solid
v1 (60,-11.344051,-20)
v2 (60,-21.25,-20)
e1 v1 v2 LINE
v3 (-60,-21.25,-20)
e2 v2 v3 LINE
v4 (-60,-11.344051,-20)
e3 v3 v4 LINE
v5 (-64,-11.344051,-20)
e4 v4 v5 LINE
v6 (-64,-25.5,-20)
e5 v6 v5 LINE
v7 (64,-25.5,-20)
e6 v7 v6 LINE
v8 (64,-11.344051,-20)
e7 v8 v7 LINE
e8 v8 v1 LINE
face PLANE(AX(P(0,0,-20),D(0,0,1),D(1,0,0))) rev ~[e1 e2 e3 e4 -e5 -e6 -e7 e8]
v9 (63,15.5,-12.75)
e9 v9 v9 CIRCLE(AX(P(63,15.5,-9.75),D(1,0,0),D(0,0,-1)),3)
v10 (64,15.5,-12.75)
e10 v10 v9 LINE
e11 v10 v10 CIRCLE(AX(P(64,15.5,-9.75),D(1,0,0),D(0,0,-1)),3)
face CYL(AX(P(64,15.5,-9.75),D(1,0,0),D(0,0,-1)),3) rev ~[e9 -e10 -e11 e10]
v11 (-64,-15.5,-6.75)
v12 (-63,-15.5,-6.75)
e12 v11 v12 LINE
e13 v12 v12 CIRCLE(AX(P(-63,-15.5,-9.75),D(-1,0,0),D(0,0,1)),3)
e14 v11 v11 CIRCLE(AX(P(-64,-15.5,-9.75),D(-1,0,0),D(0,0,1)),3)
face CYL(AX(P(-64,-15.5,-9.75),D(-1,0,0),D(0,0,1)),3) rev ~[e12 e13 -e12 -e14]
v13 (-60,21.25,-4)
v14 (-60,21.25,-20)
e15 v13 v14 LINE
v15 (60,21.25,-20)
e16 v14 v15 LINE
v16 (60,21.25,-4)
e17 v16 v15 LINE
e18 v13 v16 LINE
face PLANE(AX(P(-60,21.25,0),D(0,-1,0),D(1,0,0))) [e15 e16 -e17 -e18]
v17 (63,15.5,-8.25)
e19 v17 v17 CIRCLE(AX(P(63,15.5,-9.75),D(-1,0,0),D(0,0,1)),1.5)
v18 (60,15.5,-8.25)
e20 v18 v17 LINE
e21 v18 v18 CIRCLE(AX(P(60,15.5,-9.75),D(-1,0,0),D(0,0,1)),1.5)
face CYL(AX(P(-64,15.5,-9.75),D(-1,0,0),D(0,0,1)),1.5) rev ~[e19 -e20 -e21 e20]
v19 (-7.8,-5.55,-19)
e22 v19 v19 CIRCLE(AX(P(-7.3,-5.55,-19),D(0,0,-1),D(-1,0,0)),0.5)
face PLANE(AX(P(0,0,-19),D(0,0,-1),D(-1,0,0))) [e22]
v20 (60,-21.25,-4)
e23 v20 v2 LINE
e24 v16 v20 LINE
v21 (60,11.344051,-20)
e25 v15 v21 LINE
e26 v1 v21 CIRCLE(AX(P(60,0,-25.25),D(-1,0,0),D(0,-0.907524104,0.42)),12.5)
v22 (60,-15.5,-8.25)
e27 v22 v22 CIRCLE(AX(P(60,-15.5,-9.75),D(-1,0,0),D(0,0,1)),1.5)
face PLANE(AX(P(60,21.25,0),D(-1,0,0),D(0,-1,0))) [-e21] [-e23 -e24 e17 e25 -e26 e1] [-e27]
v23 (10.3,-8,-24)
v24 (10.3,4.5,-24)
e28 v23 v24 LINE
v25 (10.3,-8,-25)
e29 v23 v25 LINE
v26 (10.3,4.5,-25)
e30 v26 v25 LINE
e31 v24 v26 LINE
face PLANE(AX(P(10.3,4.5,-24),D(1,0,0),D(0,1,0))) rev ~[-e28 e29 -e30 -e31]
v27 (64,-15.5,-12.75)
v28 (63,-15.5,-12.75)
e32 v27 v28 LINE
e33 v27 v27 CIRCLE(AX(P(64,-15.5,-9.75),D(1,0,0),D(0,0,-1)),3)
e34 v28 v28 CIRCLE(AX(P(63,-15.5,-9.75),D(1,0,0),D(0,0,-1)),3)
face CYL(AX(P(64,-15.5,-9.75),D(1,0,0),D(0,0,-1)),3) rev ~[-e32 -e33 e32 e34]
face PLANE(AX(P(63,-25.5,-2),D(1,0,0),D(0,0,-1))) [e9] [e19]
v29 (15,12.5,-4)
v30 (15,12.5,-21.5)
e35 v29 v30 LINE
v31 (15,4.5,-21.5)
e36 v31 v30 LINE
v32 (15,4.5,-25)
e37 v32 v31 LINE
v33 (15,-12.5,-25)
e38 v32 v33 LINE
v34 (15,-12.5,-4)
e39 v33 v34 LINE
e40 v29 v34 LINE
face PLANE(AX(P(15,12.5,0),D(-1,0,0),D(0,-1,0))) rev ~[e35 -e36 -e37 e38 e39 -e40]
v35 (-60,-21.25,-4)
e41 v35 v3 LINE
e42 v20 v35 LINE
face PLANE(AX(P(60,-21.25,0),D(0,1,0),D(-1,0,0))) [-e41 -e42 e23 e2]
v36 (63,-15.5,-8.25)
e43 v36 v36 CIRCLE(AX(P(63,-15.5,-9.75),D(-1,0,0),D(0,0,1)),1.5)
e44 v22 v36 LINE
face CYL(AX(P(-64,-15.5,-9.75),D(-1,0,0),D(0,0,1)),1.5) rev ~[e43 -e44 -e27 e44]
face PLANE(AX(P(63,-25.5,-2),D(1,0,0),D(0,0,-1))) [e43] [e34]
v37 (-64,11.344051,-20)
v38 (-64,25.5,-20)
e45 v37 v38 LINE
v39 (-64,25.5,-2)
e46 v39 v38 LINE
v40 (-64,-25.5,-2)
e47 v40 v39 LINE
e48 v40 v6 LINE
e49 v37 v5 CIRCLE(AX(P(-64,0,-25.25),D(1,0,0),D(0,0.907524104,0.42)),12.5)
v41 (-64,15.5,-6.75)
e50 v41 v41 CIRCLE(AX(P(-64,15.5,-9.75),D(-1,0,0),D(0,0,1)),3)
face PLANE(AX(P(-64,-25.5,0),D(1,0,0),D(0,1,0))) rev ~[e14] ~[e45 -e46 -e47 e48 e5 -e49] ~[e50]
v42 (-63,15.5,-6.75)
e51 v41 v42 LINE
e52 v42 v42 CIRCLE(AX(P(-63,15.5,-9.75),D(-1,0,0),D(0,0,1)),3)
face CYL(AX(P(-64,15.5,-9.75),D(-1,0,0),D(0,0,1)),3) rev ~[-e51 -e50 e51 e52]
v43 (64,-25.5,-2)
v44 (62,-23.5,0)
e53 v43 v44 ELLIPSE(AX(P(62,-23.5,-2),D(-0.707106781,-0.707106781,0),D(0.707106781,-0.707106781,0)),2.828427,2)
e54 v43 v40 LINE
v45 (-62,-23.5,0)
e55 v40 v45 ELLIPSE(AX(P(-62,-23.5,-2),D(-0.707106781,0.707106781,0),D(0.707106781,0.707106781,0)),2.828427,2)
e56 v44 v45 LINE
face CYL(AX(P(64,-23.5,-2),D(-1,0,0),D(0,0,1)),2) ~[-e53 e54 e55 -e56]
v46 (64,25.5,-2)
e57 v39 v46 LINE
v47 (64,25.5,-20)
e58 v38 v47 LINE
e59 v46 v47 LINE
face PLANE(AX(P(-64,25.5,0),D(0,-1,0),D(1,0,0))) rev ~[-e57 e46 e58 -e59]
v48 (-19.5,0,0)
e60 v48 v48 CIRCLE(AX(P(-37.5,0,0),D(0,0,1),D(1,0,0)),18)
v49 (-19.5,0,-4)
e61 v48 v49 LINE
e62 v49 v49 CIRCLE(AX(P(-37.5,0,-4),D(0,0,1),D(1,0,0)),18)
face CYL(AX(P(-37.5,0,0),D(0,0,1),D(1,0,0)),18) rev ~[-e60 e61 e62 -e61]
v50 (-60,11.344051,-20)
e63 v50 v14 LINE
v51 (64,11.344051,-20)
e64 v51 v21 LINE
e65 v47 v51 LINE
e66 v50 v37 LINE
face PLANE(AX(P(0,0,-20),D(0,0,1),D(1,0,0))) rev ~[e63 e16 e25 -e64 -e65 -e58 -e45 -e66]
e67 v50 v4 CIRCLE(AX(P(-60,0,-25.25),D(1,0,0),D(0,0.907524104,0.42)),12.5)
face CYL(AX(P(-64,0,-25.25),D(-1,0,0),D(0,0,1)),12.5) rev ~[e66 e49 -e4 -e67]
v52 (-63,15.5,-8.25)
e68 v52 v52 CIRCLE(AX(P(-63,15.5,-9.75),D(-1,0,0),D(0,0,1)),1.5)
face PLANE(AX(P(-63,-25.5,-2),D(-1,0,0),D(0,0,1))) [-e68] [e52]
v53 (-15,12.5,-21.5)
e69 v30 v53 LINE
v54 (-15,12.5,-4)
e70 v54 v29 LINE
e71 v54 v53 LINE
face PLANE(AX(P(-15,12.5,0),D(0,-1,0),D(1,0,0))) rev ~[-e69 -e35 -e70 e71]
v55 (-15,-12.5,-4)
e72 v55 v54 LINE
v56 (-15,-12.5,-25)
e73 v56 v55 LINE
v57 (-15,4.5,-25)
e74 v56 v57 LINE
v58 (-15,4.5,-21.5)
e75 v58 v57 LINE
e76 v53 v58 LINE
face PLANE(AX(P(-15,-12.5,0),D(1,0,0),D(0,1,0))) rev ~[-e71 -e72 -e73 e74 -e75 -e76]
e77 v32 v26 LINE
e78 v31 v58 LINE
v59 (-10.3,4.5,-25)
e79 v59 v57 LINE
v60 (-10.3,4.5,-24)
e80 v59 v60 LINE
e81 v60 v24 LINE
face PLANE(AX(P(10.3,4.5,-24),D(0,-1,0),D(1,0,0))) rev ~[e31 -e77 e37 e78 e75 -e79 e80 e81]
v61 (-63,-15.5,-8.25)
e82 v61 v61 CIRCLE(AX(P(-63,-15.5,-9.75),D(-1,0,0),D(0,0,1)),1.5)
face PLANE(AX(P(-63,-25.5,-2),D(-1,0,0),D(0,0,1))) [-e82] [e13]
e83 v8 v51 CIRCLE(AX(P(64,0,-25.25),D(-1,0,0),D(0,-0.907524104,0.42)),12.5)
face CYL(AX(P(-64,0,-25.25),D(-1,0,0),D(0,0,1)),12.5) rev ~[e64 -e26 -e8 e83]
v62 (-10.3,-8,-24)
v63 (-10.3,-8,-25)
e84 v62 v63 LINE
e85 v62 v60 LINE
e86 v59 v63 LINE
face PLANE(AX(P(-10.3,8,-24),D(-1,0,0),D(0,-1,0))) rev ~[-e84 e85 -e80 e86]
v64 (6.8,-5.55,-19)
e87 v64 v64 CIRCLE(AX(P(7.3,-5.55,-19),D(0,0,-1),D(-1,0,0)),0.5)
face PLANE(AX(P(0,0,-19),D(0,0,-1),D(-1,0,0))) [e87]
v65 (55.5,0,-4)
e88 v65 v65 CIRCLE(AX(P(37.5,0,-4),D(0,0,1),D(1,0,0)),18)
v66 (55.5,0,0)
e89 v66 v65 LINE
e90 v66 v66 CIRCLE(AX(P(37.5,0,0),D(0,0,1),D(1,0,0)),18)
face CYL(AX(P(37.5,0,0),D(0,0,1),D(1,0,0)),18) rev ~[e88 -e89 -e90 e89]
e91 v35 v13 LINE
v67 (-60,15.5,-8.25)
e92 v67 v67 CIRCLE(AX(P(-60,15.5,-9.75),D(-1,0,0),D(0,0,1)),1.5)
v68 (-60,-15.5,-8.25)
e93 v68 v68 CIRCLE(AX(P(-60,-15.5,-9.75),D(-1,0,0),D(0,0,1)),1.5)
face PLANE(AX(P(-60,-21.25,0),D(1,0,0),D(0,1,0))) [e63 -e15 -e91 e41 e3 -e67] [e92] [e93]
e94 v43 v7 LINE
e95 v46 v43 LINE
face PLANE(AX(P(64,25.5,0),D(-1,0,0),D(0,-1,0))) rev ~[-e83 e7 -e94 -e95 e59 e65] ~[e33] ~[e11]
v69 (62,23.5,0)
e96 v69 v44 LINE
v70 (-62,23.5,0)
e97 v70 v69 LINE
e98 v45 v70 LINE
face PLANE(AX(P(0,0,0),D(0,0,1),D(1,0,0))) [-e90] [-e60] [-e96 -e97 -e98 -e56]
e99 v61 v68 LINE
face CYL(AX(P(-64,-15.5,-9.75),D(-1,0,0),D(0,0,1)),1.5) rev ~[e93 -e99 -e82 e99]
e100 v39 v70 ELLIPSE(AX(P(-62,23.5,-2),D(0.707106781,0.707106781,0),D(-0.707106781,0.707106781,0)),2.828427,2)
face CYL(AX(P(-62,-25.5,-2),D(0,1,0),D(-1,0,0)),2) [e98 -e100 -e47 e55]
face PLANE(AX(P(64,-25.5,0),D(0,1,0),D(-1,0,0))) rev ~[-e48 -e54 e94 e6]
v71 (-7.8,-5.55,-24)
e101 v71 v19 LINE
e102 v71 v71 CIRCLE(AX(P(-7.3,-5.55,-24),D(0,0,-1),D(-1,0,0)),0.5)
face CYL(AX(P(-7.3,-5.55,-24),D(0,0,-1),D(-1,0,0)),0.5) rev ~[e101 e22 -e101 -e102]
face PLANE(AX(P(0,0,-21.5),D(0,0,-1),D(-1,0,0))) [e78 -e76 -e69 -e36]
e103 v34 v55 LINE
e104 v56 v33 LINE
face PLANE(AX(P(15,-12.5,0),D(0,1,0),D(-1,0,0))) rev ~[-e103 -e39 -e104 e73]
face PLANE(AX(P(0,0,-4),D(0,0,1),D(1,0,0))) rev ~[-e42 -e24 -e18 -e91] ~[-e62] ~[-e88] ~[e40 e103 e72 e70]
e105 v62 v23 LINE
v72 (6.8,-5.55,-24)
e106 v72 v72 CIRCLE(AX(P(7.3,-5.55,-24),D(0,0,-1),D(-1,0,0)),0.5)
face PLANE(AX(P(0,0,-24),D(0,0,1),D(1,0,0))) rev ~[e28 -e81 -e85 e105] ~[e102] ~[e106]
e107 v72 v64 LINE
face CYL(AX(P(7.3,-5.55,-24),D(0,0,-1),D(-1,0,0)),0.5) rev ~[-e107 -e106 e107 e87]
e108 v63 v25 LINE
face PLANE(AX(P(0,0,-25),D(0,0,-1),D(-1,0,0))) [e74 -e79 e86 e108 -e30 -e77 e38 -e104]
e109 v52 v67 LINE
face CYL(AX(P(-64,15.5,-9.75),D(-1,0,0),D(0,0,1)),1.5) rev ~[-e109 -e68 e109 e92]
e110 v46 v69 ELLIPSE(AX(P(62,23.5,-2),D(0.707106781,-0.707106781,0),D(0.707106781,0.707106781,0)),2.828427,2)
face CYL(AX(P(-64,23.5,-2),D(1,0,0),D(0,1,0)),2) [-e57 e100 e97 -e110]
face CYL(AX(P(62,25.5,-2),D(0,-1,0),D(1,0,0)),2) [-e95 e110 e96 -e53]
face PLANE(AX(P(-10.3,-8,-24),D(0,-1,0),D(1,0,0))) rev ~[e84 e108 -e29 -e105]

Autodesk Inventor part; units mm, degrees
ref_plane "YZ Plane" through (0, 0, 0) normal (1, 0, 0) x (0, 1, 0)
ref_plane "XZ Plane" through (0, 0, 0) normal (0, 1, 0) x (-1, 0, 0)
ref_plane "XY Plane" through (0, 0, 0) normal (0, 0, 1) x (1, 0, 0)
sketch "Sketch2" plane through (0, 0, 0) normal (0, 0, 1) x (1, 0, 0)
  line L0 (-60, 21.25) -> (60, 21.25)
  line L1 (60, 21.25) -> (60, -21.25)
  line L2 (60, -21.25) -> (-60, -21.25)
  line L3 (-60, -21.25) -> (-60, 21.25)
  line L4 (-60, 21.25) -> (60, -21.25) construction
  line L5 (60, 21.25) -> (-60, -21.25) construction
  line L6 (-64, 25.5) -> (64, 25.5)
  line L7 (64, 25.5) -> (64, -25.5)
  line L8 (64, -25.5) -> (-64, -25.5)
  line L9 (-64, -25.5) -> (-64, 25.5)
  line L10 (-64, 25.5) -> (64, -25.5) construction
  line L11 (64, 25.5) -> (-64, -25.5) construction
  line L12 (-15, 12.5) -> (15, 12.5)
  line L13 (15, 12.5) -> (15, -12.5)
  line L14 (15, -12.5) -> (-15, -12.5)
  line L15 (-15, -12.5) -> (-15, 12.5)
  line L16 (-15, 12.5) -> (15, -12.5) construction
  line L17 (15, 12.5) -> (-15, -12.5) construction
  circle A0 centre (37.5, 0) radius 18
  circle A1 centre (-37.5, 0) radius 18
  point P0 (0, 0)
  point P1 (0, 0)
  dimension "d0" = 120
  dimension "d1" = 42.5
  dimension "d2" = 60
  dimension "d3" = 21.25
  dimension "d4" = 128
  dimension "d5" = 51
  dimension "d28" = 30
  dimension "d29" = 25
  dimension "d32" = 45
  dimension "d33" = 36
  dimension "d34" = 22.5
  dimension "d35" = 45
  dimension "d36" = 36
  dimension "d37" = 22.5
  dimension "d38" = 21.25
  dimension "d39" = 21.25
extrude "Extrusion1" add sketch "Sketch2" against normal blind 4 contours L0 L1 L2 L3 | L12 L13 L14 L15 | A0 | A1
extrude "Extrusion2" add sketch "Sketch2" against normal blind 20 contours L6 L7 L8 L9
fillet "Fillet1" radius 2 4 edges at (-64, 0, 0) (0, 25.5, 0) (64, 0, 0) (0, -25.5, 0)
sketch "Sketch3" plane through (-64, -25.5, -20) normal (-1, 0, 0) x (0, 0, 1)
  line L0 (16, 4.25) -> (16, 46.75) projected
  line L1 (16, 4.25) -> (-26.5, 4.25)
  line L2 (-26.5, 4.25) -> (-26.5, 46.75)
  line L3 (-26.5, 46.75) -> (16, 46.75)
  line L4 (16, 46.75) -> (16, 4.25)
  circle A0 centre (-5.25, 25.5) radius 11 construction
  circle A1 centre (-5.25, 25.5) radius 12.5
  circle A2 centre (10.25, 10) radius 1.5
  circle A3 centre (10.25, 41) radius 1.5
  point P0 (20, 25.5)
  dimension "d11" = 42.5
  dimension "d12" = 22
  dimension "d13" = 25
  dimension "d16" = 3
  dimension "d17" = 3
  dimension "d19" = 15.5
  dimension "d20" = 21.25
  dimension "d21" = 42.5
  dimension "d22" = 21.25
  dimension "d23" = 15.5
  dimension "d24" = 15.5
  dimension "d25" = 15.5
extrude "Extrusion3" cut sketch "Sketch3" against normal blind 150 contours A1
sketch "Sketch5" plane through (-64, 25.5, -20) normal (0, 1, 0) x (1, 0, 0)
  point P0 (64, -20)
extrude "Extrusion4" cut sketch "Sketch3" against normal blind 150 contours A2 | A3
extrude "Extrusion5" add sketch "Sketch2" against normal blind 24 contours L12 L13 L14 L15
extrude "Extrusion6" cut sketch "Sketch2" against normal blind 24 contours A0 | A1
sketch "Sketch6" plane through (0, 0, -24) normal (0, 0, -1) x (-1, 0, 0)
  line L0 (-10.3, 8) -> (10.3, 8)
  line L1 (10.3, 8) -> (10.3, -8)
  line L2 (10.3, -8) -> (-10.3, -8)
  line L3 (-10.3, -8) -> (-10.3, 8)
  line L4 (-10.3, 8) -> (10.3, -8) construction
  line L5 (10.3, 8) -> (-10.3, -8) construction
  line L6 (-15, -12.5) -> (-15, 12.5) projected
  line L7 (15, -12.5) -> (-15, -12.5) projected
  line L8 (-15, 12.5) -> (15, 12.5)
  line L9 (15, 12.5) -> (15, -12.5)
  line L10 (15, -12.5) -> (-15, -12.5)
  line L11 (-15, -12.5) -> (-15, 12.5)
  line L12 (15, 12.5) -> (15, -12.5) projected
  line L13 (-15, 12.5) -> (15, 12.5)
  line L14 (15, 12.5) -> (15, 4.5)
  line L15 (15, 4.5) -> (-15, 4.5)
  line L16 (-15, 4.5) -> (-15, 12.5)
  point P0 (0, 0)
  dimension "d42" = 20.6
  dimension "d43" = 16
  dimension "d46" = 12.5
extrude "Extrusion7" add sketch "Sketch6" along normal blind 1 contours L3 L15 L6 L8 L9 L1 L0 | L3 L2 L1 L15 L9 L7 L6
extrude "Extrusion8" cut sketch "Sketch6" along normal mid plane 5 contours L3 L15 L6 L8 L9 L1 L0 | L0 L1 L15 L3
sketch "Sketch7" plane through (0, 0, -24) normal (0, 0, -1) x (-1, 0, 0)
  line L0 (10.3, -8) -> (-10.3, -8) projected
  line L1 (10.3, 4.5) -> (-10.3, 4.5) projected
  line L2 (10.3, -8) -> (-10.3, -8)
  line L3 (-10.3, -8) -> (-10.3, 4.5)
  line L4 (-10.3, 4.5) -> (10.3, 4.5)
  line L5 (10.3, 4.5) -> (10.3, -8)
  circle A0 centre (7.3, -5.55) radius 0.5
  circle A1 centre (-7.3, -5.55) radius 0.5
  point P0 (0, 0)
  dimension "d49" = 1
  dimension "d50" = 1
  dimension "d51" = 3
  dimension "d52" = 3
  dimension "d53" = 2.45
  dimension "d54" = 2.45
  dimension "d55" = 14.6
extrude "Extrusion9" cut sketch "Sketch7" against normal blind 5 contours A0 | A1
sketch "Sketch8" plane through (-64, -25.5, -2) normal (-1, 0, 0) x (0, 0, 1)
  circle A0 centre (-7.75, 10) radius 1.5 projected
  circle A1 centre (-7.75, 10) radius 3
  circle A2 centre (-7.75, 41) radius 1.5 projected
  circle A3 centre (-7.75, 41) radius 3
  point P0 (2, 25.5)
  dimension "d58" = 6
  dimension "d59" = 6
extrude "Extrusion10" cut sketch "Sketch8" against normal blind 1
sketch "Sketch9" plane through (64, -25.5, -2) normal (1, 0, 0) x (0, 0, -1)
  circle A0 centre (7.75, 41) radius 1.5 projected
  circle A1 centre (7.75, 41) radius 3
  circle A2 centre (7.75, 10) radius 1.5 projected
  circle A3 centre (7.75, 10) radius 3
  point P0 (-2, 25.5)
  dimension "d62" = 6
  dimension "d63" = 6
extrude "Extrusion11" cut sketch "Sketch9" against normal blind 1
equation "\"d2\" = 0.5 * d0"
equation "\"d3\" = 0.5 * d1"
equation "\"d34\" = 0.5 * d32"
equation "\"d37\" = 0.5 * d35"
equation "\"d38\" = 0.5 * d1"
equation "\"d39\" = 0.5 * d1"
equation "\"d20\" = 0.5 * d21"
equation "\"d21\" = d11"
equation "\"d22\" = 0.5 * d11"
equation "\"d52\" = d51"
equation "\"d54\" = d53"
properties part number "Baseplate"
